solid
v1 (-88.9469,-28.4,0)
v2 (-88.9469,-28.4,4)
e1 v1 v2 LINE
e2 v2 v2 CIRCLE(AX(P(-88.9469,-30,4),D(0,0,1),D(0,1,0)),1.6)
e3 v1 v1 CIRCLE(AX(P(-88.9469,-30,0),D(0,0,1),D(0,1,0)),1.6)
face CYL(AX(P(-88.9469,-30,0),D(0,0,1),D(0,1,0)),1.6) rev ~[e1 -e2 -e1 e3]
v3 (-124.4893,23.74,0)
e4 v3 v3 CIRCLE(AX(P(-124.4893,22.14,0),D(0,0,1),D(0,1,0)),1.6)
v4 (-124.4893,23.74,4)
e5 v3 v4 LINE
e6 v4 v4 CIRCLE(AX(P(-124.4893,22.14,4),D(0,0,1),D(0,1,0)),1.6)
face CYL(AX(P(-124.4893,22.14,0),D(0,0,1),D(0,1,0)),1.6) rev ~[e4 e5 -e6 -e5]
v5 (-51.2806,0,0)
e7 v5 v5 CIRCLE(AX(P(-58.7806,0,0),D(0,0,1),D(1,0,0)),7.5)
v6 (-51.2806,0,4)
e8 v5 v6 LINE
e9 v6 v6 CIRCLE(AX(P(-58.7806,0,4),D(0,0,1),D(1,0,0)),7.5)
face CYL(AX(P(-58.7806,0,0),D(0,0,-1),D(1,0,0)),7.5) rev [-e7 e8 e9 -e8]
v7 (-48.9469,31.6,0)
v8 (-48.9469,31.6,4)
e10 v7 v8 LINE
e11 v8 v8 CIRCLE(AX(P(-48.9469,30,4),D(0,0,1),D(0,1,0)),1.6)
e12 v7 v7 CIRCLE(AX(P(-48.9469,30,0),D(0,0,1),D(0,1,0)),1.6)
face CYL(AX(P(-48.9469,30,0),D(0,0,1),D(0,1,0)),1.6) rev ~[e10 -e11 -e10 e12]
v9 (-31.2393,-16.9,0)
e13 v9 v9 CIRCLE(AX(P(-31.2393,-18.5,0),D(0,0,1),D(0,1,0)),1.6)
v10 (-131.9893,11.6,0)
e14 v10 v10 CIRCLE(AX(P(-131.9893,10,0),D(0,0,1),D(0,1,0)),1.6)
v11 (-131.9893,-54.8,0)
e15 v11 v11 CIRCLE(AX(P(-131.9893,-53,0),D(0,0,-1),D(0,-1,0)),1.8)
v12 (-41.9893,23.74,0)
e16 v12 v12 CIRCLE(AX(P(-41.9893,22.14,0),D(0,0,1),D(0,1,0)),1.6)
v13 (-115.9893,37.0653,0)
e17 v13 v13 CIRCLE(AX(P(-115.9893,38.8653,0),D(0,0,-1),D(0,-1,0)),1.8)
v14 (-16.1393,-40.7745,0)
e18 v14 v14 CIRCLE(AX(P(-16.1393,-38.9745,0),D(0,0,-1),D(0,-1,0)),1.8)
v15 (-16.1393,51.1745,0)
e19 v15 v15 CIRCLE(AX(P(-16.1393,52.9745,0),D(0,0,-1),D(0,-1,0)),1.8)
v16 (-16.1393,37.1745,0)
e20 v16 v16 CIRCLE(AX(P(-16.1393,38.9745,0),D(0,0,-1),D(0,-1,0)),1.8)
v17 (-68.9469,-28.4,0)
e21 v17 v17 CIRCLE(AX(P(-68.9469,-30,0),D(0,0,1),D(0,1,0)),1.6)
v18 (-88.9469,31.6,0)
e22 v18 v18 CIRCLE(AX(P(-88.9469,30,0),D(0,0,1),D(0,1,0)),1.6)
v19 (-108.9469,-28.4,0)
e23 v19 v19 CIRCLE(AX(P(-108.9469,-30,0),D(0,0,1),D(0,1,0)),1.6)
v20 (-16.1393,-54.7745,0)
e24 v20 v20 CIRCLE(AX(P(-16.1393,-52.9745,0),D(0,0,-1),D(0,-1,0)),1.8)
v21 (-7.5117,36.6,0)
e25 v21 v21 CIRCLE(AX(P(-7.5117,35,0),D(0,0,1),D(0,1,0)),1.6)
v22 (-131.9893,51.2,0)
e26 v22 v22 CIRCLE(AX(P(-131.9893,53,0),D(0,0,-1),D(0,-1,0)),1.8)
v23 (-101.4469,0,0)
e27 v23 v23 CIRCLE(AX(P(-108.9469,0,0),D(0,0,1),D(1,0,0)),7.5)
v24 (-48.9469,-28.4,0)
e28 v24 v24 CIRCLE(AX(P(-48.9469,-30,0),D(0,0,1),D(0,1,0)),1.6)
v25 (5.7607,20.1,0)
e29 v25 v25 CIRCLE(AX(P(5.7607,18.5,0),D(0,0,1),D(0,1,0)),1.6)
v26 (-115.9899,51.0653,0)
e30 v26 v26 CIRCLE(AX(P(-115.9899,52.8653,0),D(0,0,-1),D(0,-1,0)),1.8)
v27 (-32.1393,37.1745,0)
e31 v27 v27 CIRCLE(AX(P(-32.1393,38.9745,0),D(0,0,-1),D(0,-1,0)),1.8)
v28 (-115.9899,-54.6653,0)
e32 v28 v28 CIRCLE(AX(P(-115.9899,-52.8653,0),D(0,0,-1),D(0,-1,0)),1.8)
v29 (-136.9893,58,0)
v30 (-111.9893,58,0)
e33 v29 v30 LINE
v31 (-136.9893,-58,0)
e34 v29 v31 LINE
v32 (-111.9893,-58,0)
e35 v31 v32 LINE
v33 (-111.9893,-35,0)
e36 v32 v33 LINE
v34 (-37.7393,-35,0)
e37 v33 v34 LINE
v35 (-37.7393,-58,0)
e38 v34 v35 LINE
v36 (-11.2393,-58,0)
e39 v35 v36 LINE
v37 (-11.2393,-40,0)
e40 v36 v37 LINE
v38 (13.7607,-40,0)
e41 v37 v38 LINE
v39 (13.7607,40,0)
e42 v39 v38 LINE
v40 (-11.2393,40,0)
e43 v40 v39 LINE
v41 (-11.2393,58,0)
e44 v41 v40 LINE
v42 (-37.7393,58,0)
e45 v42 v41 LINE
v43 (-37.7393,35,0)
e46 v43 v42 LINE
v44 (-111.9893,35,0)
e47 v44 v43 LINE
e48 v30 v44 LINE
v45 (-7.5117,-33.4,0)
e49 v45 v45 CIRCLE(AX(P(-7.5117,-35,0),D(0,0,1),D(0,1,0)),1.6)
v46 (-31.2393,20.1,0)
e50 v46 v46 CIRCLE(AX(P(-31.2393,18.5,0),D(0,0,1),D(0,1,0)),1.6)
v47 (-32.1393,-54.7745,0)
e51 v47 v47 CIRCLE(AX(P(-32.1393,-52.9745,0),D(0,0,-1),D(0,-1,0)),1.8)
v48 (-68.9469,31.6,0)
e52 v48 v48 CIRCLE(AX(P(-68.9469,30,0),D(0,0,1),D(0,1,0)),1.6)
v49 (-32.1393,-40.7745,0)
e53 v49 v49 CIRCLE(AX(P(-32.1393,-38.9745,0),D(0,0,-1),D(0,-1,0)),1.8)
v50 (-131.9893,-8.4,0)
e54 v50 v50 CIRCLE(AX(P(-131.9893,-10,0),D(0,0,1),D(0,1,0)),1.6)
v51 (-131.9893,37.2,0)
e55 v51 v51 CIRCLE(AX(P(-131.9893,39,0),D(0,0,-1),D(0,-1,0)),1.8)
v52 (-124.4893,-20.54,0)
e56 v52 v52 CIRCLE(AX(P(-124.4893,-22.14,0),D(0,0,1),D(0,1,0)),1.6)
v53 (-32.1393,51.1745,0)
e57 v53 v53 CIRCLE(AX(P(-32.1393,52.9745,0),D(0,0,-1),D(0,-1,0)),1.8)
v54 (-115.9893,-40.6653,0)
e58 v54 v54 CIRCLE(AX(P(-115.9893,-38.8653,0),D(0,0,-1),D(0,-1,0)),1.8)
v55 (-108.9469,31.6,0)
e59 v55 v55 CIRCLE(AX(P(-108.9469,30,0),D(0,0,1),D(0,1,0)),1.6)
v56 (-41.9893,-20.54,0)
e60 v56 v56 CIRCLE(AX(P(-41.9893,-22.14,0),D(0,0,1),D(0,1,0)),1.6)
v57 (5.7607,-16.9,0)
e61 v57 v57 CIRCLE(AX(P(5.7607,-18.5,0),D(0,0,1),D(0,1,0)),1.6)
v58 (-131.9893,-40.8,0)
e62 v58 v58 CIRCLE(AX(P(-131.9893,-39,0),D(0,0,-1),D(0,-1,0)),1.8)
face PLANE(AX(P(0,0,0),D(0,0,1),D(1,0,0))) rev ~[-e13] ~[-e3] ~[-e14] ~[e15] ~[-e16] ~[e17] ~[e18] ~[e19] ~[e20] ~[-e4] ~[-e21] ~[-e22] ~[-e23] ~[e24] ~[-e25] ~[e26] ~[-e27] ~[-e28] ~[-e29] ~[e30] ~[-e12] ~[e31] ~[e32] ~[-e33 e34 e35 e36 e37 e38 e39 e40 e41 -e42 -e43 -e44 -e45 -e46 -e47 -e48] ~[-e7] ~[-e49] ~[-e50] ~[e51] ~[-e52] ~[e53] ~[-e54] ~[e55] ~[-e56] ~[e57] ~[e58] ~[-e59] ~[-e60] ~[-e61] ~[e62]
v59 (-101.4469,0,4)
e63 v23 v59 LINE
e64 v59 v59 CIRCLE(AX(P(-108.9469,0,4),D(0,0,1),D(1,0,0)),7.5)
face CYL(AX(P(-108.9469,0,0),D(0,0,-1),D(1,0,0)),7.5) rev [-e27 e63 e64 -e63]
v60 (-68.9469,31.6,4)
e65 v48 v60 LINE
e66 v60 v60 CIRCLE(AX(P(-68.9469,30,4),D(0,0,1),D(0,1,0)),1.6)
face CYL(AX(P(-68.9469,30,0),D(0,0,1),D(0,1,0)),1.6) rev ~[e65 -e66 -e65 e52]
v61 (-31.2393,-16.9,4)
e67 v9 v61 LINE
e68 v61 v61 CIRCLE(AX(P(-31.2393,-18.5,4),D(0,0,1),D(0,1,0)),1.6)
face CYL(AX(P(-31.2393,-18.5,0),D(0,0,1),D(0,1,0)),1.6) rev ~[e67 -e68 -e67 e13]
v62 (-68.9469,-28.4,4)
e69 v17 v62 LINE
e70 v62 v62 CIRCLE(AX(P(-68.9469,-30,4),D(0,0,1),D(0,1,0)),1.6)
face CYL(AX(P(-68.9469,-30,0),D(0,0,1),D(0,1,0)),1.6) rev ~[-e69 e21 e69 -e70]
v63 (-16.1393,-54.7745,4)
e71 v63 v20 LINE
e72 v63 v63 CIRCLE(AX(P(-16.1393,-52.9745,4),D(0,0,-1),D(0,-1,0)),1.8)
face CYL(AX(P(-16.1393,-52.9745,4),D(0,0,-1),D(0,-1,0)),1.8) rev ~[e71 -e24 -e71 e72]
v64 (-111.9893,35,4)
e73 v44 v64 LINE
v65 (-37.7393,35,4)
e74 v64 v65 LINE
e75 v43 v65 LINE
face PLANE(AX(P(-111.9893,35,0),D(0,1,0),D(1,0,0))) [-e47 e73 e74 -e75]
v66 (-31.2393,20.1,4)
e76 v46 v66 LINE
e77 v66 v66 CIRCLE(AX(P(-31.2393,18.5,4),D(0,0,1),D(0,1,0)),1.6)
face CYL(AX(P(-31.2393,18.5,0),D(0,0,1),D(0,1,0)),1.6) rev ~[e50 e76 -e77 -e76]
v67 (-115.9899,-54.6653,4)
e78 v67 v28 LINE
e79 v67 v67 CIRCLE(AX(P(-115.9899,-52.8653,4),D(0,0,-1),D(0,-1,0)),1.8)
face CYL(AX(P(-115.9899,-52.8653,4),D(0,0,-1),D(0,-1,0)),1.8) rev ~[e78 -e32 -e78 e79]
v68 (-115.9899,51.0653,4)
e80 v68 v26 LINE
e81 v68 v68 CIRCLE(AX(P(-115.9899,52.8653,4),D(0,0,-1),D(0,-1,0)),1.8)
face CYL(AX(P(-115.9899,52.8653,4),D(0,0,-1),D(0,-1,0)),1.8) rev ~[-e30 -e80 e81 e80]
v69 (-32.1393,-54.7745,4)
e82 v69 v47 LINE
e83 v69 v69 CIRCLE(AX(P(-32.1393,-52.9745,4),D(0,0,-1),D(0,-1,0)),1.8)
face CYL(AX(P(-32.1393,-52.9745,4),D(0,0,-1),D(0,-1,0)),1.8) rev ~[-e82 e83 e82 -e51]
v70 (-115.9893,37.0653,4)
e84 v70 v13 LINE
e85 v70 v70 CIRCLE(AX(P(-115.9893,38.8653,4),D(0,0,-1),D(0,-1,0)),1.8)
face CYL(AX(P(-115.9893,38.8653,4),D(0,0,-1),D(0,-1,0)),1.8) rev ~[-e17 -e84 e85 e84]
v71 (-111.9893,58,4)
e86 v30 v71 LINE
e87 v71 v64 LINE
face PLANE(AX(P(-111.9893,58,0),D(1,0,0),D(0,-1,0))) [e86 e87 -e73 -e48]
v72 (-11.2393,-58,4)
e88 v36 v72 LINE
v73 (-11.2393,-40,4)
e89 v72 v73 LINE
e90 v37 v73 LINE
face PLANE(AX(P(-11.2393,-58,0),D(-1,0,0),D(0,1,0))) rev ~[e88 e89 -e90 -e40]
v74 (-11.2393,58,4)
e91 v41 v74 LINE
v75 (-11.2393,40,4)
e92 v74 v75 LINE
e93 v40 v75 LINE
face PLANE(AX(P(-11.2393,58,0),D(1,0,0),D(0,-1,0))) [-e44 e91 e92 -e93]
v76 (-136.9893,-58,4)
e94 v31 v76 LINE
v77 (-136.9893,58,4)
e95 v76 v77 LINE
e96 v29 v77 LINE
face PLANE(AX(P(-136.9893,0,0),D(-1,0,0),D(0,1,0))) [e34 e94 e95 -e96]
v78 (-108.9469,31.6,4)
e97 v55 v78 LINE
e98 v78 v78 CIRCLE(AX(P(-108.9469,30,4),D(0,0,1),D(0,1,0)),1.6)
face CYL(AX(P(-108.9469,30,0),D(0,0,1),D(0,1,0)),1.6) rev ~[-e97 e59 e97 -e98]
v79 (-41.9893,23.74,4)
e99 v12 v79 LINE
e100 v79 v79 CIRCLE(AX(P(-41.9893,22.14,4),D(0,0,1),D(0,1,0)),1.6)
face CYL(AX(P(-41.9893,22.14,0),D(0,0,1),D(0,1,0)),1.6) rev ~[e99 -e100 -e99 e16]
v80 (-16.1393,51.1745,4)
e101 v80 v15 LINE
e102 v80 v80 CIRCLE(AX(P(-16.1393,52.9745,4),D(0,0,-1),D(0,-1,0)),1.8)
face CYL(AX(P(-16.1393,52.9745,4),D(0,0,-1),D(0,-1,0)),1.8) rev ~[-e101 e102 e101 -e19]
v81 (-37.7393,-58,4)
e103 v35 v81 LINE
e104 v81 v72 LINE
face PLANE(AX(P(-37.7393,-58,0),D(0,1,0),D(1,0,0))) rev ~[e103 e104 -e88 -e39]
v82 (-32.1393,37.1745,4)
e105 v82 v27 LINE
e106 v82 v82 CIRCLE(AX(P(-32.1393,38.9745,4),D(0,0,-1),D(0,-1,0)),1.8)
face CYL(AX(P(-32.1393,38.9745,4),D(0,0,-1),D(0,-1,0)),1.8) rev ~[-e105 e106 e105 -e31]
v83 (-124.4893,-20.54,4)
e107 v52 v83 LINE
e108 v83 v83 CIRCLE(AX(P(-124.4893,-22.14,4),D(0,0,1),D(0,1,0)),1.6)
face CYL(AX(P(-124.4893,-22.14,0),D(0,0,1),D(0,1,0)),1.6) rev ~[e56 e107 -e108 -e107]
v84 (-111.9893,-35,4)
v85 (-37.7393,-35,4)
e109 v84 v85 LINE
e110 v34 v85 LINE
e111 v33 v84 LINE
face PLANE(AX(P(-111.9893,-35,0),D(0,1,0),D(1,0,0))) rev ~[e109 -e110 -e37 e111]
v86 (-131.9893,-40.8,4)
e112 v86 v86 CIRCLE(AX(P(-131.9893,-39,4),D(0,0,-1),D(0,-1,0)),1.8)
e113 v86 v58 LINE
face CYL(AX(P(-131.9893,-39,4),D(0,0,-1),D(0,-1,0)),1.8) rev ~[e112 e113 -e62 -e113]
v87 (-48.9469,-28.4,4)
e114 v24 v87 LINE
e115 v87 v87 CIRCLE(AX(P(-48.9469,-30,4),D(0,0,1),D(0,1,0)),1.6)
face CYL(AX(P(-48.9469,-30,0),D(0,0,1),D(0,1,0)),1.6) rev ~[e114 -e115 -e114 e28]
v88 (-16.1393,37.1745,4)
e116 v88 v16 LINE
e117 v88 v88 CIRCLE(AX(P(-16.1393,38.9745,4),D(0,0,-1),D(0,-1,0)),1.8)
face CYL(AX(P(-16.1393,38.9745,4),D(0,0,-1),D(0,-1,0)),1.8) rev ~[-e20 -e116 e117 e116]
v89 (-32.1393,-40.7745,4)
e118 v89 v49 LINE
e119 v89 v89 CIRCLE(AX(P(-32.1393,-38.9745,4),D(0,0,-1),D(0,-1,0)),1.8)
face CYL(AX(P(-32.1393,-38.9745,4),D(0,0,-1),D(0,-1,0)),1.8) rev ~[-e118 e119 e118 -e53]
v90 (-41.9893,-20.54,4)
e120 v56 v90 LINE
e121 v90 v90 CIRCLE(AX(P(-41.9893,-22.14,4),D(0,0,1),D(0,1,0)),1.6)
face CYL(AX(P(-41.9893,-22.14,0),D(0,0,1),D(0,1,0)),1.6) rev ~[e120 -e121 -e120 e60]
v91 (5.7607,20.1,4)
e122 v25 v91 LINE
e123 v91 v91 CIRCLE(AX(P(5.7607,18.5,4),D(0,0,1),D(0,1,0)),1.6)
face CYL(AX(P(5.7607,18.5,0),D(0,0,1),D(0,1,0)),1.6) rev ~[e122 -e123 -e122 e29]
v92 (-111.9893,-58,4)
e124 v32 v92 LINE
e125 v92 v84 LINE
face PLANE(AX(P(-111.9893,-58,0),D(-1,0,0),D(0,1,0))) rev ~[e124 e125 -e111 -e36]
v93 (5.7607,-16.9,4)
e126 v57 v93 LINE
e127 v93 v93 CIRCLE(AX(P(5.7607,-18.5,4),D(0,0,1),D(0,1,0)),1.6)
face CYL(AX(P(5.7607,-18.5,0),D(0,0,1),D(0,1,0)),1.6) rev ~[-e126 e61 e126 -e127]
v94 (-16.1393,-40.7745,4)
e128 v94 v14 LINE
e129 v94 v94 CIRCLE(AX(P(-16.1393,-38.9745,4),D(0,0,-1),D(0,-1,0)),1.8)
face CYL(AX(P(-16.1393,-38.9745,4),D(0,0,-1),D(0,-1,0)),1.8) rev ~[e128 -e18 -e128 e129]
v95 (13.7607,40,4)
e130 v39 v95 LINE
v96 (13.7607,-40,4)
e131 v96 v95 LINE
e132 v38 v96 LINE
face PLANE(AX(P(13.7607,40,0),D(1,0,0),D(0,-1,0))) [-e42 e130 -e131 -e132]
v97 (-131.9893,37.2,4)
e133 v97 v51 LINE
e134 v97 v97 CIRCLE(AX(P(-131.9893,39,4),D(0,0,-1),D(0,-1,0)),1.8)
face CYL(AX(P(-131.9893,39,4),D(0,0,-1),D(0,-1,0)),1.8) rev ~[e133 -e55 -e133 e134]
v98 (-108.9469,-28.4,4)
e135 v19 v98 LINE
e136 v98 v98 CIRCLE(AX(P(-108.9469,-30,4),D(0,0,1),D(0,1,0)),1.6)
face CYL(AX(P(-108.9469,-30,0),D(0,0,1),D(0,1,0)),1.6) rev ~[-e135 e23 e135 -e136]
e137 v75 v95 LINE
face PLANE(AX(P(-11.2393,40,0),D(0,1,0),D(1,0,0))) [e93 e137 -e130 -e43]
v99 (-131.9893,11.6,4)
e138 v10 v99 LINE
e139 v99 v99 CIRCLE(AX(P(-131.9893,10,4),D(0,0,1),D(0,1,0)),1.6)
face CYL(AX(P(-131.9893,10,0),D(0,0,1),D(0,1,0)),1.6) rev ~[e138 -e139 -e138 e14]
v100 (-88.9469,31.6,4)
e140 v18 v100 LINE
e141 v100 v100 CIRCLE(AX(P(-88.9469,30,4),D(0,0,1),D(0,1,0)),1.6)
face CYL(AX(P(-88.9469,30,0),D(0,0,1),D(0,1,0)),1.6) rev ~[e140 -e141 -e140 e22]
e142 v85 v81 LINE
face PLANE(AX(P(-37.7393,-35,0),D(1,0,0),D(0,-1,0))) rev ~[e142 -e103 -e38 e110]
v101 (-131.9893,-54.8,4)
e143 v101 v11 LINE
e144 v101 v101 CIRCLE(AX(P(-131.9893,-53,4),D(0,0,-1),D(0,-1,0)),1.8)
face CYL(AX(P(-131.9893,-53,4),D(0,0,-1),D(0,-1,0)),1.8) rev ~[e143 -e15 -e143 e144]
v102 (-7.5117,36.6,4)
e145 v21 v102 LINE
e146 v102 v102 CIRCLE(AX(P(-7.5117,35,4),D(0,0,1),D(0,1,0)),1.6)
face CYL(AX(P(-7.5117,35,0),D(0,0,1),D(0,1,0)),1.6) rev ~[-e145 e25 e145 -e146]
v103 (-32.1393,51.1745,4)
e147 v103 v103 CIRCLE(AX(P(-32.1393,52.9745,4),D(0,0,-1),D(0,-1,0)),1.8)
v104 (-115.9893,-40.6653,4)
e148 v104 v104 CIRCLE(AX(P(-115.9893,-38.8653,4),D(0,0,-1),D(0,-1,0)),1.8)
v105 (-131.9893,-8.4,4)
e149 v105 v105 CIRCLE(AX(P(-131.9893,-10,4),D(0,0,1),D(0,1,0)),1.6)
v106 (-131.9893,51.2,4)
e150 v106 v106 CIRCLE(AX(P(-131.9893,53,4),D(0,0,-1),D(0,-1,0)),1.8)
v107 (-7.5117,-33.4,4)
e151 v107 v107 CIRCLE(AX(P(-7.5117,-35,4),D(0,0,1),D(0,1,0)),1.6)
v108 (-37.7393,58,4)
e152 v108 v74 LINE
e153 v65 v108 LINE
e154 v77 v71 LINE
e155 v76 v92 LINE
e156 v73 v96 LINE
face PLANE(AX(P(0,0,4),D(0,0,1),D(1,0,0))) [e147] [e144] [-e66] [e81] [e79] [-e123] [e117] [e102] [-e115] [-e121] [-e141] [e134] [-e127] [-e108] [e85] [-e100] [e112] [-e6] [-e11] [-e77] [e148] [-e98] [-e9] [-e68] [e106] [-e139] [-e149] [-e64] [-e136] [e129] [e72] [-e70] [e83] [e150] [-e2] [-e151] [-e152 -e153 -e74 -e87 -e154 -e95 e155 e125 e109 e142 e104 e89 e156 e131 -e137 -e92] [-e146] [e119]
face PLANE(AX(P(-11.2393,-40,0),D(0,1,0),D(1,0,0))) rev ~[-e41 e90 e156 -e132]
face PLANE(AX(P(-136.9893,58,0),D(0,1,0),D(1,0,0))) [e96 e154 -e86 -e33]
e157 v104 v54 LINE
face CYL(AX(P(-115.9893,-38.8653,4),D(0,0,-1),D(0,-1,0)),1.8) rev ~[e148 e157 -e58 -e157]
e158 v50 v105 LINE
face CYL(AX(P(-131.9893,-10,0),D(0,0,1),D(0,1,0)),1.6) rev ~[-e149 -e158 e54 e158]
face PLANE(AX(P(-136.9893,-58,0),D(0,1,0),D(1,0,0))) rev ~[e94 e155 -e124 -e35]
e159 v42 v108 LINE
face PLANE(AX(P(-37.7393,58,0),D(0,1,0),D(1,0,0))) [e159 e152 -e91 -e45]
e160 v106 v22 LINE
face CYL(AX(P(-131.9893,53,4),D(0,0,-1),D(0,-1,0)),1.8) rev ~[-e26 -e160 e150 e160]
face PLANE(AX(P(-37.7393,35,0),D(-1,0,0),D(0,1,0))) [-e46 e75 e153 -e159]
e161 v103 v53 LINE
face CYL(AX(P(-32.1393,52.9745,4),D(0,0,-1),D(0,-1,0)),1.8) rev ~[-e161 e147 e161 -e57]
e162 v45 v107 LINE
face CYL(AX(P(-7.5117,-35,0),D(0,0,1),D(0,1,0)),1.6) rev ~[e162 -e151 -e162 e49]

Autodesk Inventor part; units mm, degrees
ref_plane "YZ Plane" through (0, 0, 0) normal (1, 0, 0) x (0, 1, 0)
ref_plane "XZ Plane" through (0, 0, 0) normal (0, 1, 0) x (-1, 0, 0)
ref_plane "XY Plane" through (0, 0, 0) normal (0, 0, 1) x (1, 0, 0)
sketch "草图1" plane through (0, 0, 0) normal (0, 0, 1) x (1, 0, 0)
  line L0 (-136.9893, 0) -> (-136.9893, 58)
  line L1 (-136.9893, 58) -> (-111.9893, 58)
  line L2 (-111.9893, 58) -> (-111.9893, 35)
  line L3 (-111.9893, 35) -> (-37.7393, 35)
  line L4 (-37.7393, 35) -> (-37.7393, 58)
  line L5 (-37.7393, 58) -> (-11.2393, 58)
  line L6 (-167.1393, 0) -> (43.9107, 0) construction
  line L7 (-11.2393, 58) -> (-11.2393, 40)
  line L8 (-11.2393, 40) -> (13.7607, 40)
  line L9 (13.7607, 40) -> (13.7607, 0)
  circle A0 centre (-108.9469, 0) radius 7.5
  line L10 (-136.9893, 0) -> (-136.9893, -58)
  line L11 (-136.9893, -58) -> (-111.9893, -58)
  line L12 (-111.9893, -58) -> (-111.9893, -35)
  line L13 (-111.9893, -35) -> (-37.7393, -35)
  line L14 (-37.7393, -35) -> (-37.7393, -58)
  line L15 (-37.7393, -58) -> (-11.2393, -58)
  line L16 (-11.2393, -58) -> (-11.2393, -40)
  line L17 (-11.2393, -40) -> (13.7607, -40)
  line L18 (13.7607, -40) -> (13.7607, 0)
  circle A1 centre (-58.7806, 0) radius 7.5
  point P0 (0, 0)
  point P1 (-131.9893, 53)
  point P2 (-115.9899, 52.8653)
  point P3 (-131.9893, 39)
  point P4 (-115.9893, 38.8653)
  point P5 (-124.4893, 22.14)
  point P6 (-41.9893, 22.14)
  point P7 (-31.2393, 18.5)
  point P8 (5.7607, 18.5)
  point P9 (-108.9469, 30)
  point P10 (-88.9469, 30)
  point P11 (-68.9469, 30)
  point P12 (-48.9469, 30)
  point P13 (-131.9893, 10)
  point P14 (-131.9893, -53)
  point P15 (-115.9899, -52.8653)
  point P16 (-131.9893, -39)
  point P17 (-115.9893, -38.8653)
  point P18 (-124.4893, -22.14)
  point P19 (-41.9893, -22.14)
  point P20 (-31.2393, -18.5)
  point P21 (5.7607, -18.5)
  point P22 (-108.9469, -30)
  point P23 (-88.9469, -30)
  point P24 (-68.9469, -30)
  point P25 (-48.9469, -30)
  point P26 (-131.9893, -10)
  point P27 (-7.5117, 35)
  point P28 (-7.5117, -35)
  dimension "d0" = 58
  dimension "d1" = 25
  dimension "d2" = 26.5
  dimension "d4" = 35
  dimension "d6" = 40
  dimension "d7" = 16
  dimension "d8" = 14
  dimension "d9" = 5
  dimension "d10" = 5
  dimension "d11" = 16
  dimension "d12" = 14
  dimension "d13" = 5
  dimension "d14" = 25
  dimension "d15" = 82.5
  dimension "d16" = 22.14
  dimension "d17" = 15
  dimension "d18" = 37
  dimension "d19" = 8
  dimension "d20" = 18.5
  dimension "d21" = 18.5
  dimension "d22" = 5
  dimension "d23" = 5
  dimension "d24" = 5
  dimension "d25" = 5
  dimension "d26" = 20
  dimension "d27" = 20
  dimension "d28" = 20
  dimension "d29" = 10
  dimension "d30" = 15
  dimension "d41" = 5
extrude "拉伸1" add sketch "草图1" along normal blind 4
hole "孔2" at (-131.9893, 53, 0) at (-115.9899, 52.8653, 0) at (-131.9893, 39, 0) at (-115.9893, 38.8653, 0) at (-124.4893, 22.14, 0) at (-41.9893, 22.14, 0) at (-31.2393, 18.5, 0) at (5.7607, 18.5, 0) at (-108.9469, 30, 0) at (-88.9469, 30, 0) at (-68.9469, 30, 0) at (-48.9469, 30, 0) at (-131.9893, 10, 0) at (-131.9893, -53, 0) at (-115.9899, -52.8653, 0) at (-115.9893, -38.8653, 0) at (-131.9893, -39, 0) at (-131.9893, -10, 0) at (-124.4893, -22.14, 0) at (-108.9469, -30, 0) at (-88.9469, -30, 0) at (-68.9469, -30, 0) at (-48.9469, -30, 0) at (5.7607, -18.5, 0) at (-31.2393, -18.5, 0) at (-41.9893, -22.14, 0) at (-7.5117, 35, 0) at (-7.5117, -35, 0) direction (0, 0, 1) diameter 3.2 end through all
sketch "草图2" plane through (0, 0, 4) normal (0, 0, 1) x (1, 0, 0)
  circle A0 centre (-7.5117, 35) radius 1.6 construction
  circle A1 centre (-31.2393, -18.5) radius 1.6 construction
  circle A2 centre (-48.9469, -30) radius 1.6 construction
  circle A3 centre (-88.9469, -30) radius 1.6 construction
  circle A4 centre (-124.4893, -22.14) radius 1.6 construction
  circle A5 centre (-131.9893, -39) radius 1.6 construction
  circle A6 centre (-115.9899, -52.8653) radius 1.6 construction
  circle A7 centre (-131.9893, 10) radius 1.6 construction
  circle A8 centre (-68.9469, 30) radius 1.6 construction
  circle A9 centre (-108.9469, 30) radius 1.6 construction
  circle A10 centre (-31.2393, 18.5) radius 1.6 construction
  circle A11 centre (-124.4893, 22.14) radius 1.6 construction
  circle A12 centre (-131.9893, 39) radius 1.6 construction
  circle A13 centre (-131.9893, 53) radius 1.6 construction
  circle A14 centre (-115.9899, 52.8653) radius 1.6 construction
  circle A15 centre (-115.9893, 38.8653) radius 1.6 construction
  circle A16 centre (-41.9893, 22.14) radius 1.6 construction
  circle A17 centre (5.7607, 18.5) radius 1.6 construction
  circle A18 centre (-88.9469, 30) radius 1.6 construction
  circle A19 centre (-48.9469, 30) radius 1.6 construction
  circle A20 centre (-131.9893, -53) radius 1.6 construction
  circle A21 centre (-115.9893, -38.8653) radius 1.6 construction
  circle A22 centre (-131.9893, -10) radius 1.6 construction
  circle A23 centre (-108.9469, -30) radius 1.6 construction
  circle A24 centre (-68.9469, -30) radius 1.6 construction
  circle A25 centre (5.7607, -18.5) radius 1.6 construction
  circle A26 centre (-41.9893, -22.14) radius 1.6 construction
  circle A27 centre (-7.5117, -35) radius 1.6 construction
  circle A28 centre (-58.7806, 0) radius 7.5 construction
  circle A29 centre (-108.9469, 0) radius 7.5 construction
  line L0 (-136.9893, 58) -> (-136.9893, -58) construction
  line L1 (-136.9893, -58) -> (-111.9893, -58) construction
  line L2 (-111.9893, -58) -> (-111.9893, -35) construction
  line L3 (-111.9893, -35) -> (-37.7393, -35) construction
  line L4 (-37.7393, -35) -> (-37.7393, -58) construction
  line L5 (-37.7393, -58) -> (-11.2393, -58) construction
  line L6 (-11.2393, -58) -> (-11.2393, -40) construction
  line L7 (-11.2393, -40) -> (13.7607, -40) construction
  line L8 (13.7607, -40) -> (13.7607, 40) construction
  line L9 (13.7607, 40) -> (-11.2393, 40) construction
  line L10 (-11.2393, 40) -> (-11.2393, 58) construction
  line L11 (-11.2393, 58) -> (-37.7393, 58) construction
  line L12 (-37.7393, 58) -> (-37.7393, 35) construction
  line L13 (-37.7393, 35) -> (-111.9893, 35) construction
  line L14 (-111.9893, 35) -> (-111.9893, 58) construction
  line L15 (-111.9893, 58) -> (-136.9893, 58) construction
  line L16 (0, 0) -> (-58.7806, 0) construction
  circle A30 centre (-131.9893, 39) radius 1.6 projected
  circle A31 centre (-115.9899, 52.8653) radius 1.6 projected
  point P0 (-32.1393, 38.9745)
  point P1 (-16.1393, 38.9745)
  point P2 (-16.1393, 52.9745)
  point P3 (-32.1393, 52.9745)
  point P4 (-32.1393, -38.9745)
  point P5 (-16.1393, -38.9745)
  point P6 (-16.1393, -52.9745)
  point P7 (-32.1393, -52.9745)
  dimension "d49" = 14
  dimension "d50" = 16
  dimension "d51" = 16
  dimension "d52" = 14
  dimension "d53" = 5.6
hole "孔4" at (-32.1393, 38.9745, 4) at (-16.1393, 38.9745, 4) at (-16.1393, 52.9745, 4) at (-32.1393, 52.9745, 4) at (-32.1393, -38.9745, 4) at (-16.1393, -38.9745, 4) at (-16.1393, -52.9745, 4) at (-32.1393, -52.9745, 4) at (-131.9893, -39, 4) at (-115.9893, -38.8653, 4) at (-131.9893, 39, 4) at (-115.9893, 38.8653, 4) at (-115.9899, 52.8653, 4) at (-131.9893, 53, 4) at (-131.9893, -53, 4) at (-115.9899, -52.8653, 4) direction (0, 0, -1) diameter 3.6 end through all
properties part number "130底盘5.0" material "尼龙 6/6"
